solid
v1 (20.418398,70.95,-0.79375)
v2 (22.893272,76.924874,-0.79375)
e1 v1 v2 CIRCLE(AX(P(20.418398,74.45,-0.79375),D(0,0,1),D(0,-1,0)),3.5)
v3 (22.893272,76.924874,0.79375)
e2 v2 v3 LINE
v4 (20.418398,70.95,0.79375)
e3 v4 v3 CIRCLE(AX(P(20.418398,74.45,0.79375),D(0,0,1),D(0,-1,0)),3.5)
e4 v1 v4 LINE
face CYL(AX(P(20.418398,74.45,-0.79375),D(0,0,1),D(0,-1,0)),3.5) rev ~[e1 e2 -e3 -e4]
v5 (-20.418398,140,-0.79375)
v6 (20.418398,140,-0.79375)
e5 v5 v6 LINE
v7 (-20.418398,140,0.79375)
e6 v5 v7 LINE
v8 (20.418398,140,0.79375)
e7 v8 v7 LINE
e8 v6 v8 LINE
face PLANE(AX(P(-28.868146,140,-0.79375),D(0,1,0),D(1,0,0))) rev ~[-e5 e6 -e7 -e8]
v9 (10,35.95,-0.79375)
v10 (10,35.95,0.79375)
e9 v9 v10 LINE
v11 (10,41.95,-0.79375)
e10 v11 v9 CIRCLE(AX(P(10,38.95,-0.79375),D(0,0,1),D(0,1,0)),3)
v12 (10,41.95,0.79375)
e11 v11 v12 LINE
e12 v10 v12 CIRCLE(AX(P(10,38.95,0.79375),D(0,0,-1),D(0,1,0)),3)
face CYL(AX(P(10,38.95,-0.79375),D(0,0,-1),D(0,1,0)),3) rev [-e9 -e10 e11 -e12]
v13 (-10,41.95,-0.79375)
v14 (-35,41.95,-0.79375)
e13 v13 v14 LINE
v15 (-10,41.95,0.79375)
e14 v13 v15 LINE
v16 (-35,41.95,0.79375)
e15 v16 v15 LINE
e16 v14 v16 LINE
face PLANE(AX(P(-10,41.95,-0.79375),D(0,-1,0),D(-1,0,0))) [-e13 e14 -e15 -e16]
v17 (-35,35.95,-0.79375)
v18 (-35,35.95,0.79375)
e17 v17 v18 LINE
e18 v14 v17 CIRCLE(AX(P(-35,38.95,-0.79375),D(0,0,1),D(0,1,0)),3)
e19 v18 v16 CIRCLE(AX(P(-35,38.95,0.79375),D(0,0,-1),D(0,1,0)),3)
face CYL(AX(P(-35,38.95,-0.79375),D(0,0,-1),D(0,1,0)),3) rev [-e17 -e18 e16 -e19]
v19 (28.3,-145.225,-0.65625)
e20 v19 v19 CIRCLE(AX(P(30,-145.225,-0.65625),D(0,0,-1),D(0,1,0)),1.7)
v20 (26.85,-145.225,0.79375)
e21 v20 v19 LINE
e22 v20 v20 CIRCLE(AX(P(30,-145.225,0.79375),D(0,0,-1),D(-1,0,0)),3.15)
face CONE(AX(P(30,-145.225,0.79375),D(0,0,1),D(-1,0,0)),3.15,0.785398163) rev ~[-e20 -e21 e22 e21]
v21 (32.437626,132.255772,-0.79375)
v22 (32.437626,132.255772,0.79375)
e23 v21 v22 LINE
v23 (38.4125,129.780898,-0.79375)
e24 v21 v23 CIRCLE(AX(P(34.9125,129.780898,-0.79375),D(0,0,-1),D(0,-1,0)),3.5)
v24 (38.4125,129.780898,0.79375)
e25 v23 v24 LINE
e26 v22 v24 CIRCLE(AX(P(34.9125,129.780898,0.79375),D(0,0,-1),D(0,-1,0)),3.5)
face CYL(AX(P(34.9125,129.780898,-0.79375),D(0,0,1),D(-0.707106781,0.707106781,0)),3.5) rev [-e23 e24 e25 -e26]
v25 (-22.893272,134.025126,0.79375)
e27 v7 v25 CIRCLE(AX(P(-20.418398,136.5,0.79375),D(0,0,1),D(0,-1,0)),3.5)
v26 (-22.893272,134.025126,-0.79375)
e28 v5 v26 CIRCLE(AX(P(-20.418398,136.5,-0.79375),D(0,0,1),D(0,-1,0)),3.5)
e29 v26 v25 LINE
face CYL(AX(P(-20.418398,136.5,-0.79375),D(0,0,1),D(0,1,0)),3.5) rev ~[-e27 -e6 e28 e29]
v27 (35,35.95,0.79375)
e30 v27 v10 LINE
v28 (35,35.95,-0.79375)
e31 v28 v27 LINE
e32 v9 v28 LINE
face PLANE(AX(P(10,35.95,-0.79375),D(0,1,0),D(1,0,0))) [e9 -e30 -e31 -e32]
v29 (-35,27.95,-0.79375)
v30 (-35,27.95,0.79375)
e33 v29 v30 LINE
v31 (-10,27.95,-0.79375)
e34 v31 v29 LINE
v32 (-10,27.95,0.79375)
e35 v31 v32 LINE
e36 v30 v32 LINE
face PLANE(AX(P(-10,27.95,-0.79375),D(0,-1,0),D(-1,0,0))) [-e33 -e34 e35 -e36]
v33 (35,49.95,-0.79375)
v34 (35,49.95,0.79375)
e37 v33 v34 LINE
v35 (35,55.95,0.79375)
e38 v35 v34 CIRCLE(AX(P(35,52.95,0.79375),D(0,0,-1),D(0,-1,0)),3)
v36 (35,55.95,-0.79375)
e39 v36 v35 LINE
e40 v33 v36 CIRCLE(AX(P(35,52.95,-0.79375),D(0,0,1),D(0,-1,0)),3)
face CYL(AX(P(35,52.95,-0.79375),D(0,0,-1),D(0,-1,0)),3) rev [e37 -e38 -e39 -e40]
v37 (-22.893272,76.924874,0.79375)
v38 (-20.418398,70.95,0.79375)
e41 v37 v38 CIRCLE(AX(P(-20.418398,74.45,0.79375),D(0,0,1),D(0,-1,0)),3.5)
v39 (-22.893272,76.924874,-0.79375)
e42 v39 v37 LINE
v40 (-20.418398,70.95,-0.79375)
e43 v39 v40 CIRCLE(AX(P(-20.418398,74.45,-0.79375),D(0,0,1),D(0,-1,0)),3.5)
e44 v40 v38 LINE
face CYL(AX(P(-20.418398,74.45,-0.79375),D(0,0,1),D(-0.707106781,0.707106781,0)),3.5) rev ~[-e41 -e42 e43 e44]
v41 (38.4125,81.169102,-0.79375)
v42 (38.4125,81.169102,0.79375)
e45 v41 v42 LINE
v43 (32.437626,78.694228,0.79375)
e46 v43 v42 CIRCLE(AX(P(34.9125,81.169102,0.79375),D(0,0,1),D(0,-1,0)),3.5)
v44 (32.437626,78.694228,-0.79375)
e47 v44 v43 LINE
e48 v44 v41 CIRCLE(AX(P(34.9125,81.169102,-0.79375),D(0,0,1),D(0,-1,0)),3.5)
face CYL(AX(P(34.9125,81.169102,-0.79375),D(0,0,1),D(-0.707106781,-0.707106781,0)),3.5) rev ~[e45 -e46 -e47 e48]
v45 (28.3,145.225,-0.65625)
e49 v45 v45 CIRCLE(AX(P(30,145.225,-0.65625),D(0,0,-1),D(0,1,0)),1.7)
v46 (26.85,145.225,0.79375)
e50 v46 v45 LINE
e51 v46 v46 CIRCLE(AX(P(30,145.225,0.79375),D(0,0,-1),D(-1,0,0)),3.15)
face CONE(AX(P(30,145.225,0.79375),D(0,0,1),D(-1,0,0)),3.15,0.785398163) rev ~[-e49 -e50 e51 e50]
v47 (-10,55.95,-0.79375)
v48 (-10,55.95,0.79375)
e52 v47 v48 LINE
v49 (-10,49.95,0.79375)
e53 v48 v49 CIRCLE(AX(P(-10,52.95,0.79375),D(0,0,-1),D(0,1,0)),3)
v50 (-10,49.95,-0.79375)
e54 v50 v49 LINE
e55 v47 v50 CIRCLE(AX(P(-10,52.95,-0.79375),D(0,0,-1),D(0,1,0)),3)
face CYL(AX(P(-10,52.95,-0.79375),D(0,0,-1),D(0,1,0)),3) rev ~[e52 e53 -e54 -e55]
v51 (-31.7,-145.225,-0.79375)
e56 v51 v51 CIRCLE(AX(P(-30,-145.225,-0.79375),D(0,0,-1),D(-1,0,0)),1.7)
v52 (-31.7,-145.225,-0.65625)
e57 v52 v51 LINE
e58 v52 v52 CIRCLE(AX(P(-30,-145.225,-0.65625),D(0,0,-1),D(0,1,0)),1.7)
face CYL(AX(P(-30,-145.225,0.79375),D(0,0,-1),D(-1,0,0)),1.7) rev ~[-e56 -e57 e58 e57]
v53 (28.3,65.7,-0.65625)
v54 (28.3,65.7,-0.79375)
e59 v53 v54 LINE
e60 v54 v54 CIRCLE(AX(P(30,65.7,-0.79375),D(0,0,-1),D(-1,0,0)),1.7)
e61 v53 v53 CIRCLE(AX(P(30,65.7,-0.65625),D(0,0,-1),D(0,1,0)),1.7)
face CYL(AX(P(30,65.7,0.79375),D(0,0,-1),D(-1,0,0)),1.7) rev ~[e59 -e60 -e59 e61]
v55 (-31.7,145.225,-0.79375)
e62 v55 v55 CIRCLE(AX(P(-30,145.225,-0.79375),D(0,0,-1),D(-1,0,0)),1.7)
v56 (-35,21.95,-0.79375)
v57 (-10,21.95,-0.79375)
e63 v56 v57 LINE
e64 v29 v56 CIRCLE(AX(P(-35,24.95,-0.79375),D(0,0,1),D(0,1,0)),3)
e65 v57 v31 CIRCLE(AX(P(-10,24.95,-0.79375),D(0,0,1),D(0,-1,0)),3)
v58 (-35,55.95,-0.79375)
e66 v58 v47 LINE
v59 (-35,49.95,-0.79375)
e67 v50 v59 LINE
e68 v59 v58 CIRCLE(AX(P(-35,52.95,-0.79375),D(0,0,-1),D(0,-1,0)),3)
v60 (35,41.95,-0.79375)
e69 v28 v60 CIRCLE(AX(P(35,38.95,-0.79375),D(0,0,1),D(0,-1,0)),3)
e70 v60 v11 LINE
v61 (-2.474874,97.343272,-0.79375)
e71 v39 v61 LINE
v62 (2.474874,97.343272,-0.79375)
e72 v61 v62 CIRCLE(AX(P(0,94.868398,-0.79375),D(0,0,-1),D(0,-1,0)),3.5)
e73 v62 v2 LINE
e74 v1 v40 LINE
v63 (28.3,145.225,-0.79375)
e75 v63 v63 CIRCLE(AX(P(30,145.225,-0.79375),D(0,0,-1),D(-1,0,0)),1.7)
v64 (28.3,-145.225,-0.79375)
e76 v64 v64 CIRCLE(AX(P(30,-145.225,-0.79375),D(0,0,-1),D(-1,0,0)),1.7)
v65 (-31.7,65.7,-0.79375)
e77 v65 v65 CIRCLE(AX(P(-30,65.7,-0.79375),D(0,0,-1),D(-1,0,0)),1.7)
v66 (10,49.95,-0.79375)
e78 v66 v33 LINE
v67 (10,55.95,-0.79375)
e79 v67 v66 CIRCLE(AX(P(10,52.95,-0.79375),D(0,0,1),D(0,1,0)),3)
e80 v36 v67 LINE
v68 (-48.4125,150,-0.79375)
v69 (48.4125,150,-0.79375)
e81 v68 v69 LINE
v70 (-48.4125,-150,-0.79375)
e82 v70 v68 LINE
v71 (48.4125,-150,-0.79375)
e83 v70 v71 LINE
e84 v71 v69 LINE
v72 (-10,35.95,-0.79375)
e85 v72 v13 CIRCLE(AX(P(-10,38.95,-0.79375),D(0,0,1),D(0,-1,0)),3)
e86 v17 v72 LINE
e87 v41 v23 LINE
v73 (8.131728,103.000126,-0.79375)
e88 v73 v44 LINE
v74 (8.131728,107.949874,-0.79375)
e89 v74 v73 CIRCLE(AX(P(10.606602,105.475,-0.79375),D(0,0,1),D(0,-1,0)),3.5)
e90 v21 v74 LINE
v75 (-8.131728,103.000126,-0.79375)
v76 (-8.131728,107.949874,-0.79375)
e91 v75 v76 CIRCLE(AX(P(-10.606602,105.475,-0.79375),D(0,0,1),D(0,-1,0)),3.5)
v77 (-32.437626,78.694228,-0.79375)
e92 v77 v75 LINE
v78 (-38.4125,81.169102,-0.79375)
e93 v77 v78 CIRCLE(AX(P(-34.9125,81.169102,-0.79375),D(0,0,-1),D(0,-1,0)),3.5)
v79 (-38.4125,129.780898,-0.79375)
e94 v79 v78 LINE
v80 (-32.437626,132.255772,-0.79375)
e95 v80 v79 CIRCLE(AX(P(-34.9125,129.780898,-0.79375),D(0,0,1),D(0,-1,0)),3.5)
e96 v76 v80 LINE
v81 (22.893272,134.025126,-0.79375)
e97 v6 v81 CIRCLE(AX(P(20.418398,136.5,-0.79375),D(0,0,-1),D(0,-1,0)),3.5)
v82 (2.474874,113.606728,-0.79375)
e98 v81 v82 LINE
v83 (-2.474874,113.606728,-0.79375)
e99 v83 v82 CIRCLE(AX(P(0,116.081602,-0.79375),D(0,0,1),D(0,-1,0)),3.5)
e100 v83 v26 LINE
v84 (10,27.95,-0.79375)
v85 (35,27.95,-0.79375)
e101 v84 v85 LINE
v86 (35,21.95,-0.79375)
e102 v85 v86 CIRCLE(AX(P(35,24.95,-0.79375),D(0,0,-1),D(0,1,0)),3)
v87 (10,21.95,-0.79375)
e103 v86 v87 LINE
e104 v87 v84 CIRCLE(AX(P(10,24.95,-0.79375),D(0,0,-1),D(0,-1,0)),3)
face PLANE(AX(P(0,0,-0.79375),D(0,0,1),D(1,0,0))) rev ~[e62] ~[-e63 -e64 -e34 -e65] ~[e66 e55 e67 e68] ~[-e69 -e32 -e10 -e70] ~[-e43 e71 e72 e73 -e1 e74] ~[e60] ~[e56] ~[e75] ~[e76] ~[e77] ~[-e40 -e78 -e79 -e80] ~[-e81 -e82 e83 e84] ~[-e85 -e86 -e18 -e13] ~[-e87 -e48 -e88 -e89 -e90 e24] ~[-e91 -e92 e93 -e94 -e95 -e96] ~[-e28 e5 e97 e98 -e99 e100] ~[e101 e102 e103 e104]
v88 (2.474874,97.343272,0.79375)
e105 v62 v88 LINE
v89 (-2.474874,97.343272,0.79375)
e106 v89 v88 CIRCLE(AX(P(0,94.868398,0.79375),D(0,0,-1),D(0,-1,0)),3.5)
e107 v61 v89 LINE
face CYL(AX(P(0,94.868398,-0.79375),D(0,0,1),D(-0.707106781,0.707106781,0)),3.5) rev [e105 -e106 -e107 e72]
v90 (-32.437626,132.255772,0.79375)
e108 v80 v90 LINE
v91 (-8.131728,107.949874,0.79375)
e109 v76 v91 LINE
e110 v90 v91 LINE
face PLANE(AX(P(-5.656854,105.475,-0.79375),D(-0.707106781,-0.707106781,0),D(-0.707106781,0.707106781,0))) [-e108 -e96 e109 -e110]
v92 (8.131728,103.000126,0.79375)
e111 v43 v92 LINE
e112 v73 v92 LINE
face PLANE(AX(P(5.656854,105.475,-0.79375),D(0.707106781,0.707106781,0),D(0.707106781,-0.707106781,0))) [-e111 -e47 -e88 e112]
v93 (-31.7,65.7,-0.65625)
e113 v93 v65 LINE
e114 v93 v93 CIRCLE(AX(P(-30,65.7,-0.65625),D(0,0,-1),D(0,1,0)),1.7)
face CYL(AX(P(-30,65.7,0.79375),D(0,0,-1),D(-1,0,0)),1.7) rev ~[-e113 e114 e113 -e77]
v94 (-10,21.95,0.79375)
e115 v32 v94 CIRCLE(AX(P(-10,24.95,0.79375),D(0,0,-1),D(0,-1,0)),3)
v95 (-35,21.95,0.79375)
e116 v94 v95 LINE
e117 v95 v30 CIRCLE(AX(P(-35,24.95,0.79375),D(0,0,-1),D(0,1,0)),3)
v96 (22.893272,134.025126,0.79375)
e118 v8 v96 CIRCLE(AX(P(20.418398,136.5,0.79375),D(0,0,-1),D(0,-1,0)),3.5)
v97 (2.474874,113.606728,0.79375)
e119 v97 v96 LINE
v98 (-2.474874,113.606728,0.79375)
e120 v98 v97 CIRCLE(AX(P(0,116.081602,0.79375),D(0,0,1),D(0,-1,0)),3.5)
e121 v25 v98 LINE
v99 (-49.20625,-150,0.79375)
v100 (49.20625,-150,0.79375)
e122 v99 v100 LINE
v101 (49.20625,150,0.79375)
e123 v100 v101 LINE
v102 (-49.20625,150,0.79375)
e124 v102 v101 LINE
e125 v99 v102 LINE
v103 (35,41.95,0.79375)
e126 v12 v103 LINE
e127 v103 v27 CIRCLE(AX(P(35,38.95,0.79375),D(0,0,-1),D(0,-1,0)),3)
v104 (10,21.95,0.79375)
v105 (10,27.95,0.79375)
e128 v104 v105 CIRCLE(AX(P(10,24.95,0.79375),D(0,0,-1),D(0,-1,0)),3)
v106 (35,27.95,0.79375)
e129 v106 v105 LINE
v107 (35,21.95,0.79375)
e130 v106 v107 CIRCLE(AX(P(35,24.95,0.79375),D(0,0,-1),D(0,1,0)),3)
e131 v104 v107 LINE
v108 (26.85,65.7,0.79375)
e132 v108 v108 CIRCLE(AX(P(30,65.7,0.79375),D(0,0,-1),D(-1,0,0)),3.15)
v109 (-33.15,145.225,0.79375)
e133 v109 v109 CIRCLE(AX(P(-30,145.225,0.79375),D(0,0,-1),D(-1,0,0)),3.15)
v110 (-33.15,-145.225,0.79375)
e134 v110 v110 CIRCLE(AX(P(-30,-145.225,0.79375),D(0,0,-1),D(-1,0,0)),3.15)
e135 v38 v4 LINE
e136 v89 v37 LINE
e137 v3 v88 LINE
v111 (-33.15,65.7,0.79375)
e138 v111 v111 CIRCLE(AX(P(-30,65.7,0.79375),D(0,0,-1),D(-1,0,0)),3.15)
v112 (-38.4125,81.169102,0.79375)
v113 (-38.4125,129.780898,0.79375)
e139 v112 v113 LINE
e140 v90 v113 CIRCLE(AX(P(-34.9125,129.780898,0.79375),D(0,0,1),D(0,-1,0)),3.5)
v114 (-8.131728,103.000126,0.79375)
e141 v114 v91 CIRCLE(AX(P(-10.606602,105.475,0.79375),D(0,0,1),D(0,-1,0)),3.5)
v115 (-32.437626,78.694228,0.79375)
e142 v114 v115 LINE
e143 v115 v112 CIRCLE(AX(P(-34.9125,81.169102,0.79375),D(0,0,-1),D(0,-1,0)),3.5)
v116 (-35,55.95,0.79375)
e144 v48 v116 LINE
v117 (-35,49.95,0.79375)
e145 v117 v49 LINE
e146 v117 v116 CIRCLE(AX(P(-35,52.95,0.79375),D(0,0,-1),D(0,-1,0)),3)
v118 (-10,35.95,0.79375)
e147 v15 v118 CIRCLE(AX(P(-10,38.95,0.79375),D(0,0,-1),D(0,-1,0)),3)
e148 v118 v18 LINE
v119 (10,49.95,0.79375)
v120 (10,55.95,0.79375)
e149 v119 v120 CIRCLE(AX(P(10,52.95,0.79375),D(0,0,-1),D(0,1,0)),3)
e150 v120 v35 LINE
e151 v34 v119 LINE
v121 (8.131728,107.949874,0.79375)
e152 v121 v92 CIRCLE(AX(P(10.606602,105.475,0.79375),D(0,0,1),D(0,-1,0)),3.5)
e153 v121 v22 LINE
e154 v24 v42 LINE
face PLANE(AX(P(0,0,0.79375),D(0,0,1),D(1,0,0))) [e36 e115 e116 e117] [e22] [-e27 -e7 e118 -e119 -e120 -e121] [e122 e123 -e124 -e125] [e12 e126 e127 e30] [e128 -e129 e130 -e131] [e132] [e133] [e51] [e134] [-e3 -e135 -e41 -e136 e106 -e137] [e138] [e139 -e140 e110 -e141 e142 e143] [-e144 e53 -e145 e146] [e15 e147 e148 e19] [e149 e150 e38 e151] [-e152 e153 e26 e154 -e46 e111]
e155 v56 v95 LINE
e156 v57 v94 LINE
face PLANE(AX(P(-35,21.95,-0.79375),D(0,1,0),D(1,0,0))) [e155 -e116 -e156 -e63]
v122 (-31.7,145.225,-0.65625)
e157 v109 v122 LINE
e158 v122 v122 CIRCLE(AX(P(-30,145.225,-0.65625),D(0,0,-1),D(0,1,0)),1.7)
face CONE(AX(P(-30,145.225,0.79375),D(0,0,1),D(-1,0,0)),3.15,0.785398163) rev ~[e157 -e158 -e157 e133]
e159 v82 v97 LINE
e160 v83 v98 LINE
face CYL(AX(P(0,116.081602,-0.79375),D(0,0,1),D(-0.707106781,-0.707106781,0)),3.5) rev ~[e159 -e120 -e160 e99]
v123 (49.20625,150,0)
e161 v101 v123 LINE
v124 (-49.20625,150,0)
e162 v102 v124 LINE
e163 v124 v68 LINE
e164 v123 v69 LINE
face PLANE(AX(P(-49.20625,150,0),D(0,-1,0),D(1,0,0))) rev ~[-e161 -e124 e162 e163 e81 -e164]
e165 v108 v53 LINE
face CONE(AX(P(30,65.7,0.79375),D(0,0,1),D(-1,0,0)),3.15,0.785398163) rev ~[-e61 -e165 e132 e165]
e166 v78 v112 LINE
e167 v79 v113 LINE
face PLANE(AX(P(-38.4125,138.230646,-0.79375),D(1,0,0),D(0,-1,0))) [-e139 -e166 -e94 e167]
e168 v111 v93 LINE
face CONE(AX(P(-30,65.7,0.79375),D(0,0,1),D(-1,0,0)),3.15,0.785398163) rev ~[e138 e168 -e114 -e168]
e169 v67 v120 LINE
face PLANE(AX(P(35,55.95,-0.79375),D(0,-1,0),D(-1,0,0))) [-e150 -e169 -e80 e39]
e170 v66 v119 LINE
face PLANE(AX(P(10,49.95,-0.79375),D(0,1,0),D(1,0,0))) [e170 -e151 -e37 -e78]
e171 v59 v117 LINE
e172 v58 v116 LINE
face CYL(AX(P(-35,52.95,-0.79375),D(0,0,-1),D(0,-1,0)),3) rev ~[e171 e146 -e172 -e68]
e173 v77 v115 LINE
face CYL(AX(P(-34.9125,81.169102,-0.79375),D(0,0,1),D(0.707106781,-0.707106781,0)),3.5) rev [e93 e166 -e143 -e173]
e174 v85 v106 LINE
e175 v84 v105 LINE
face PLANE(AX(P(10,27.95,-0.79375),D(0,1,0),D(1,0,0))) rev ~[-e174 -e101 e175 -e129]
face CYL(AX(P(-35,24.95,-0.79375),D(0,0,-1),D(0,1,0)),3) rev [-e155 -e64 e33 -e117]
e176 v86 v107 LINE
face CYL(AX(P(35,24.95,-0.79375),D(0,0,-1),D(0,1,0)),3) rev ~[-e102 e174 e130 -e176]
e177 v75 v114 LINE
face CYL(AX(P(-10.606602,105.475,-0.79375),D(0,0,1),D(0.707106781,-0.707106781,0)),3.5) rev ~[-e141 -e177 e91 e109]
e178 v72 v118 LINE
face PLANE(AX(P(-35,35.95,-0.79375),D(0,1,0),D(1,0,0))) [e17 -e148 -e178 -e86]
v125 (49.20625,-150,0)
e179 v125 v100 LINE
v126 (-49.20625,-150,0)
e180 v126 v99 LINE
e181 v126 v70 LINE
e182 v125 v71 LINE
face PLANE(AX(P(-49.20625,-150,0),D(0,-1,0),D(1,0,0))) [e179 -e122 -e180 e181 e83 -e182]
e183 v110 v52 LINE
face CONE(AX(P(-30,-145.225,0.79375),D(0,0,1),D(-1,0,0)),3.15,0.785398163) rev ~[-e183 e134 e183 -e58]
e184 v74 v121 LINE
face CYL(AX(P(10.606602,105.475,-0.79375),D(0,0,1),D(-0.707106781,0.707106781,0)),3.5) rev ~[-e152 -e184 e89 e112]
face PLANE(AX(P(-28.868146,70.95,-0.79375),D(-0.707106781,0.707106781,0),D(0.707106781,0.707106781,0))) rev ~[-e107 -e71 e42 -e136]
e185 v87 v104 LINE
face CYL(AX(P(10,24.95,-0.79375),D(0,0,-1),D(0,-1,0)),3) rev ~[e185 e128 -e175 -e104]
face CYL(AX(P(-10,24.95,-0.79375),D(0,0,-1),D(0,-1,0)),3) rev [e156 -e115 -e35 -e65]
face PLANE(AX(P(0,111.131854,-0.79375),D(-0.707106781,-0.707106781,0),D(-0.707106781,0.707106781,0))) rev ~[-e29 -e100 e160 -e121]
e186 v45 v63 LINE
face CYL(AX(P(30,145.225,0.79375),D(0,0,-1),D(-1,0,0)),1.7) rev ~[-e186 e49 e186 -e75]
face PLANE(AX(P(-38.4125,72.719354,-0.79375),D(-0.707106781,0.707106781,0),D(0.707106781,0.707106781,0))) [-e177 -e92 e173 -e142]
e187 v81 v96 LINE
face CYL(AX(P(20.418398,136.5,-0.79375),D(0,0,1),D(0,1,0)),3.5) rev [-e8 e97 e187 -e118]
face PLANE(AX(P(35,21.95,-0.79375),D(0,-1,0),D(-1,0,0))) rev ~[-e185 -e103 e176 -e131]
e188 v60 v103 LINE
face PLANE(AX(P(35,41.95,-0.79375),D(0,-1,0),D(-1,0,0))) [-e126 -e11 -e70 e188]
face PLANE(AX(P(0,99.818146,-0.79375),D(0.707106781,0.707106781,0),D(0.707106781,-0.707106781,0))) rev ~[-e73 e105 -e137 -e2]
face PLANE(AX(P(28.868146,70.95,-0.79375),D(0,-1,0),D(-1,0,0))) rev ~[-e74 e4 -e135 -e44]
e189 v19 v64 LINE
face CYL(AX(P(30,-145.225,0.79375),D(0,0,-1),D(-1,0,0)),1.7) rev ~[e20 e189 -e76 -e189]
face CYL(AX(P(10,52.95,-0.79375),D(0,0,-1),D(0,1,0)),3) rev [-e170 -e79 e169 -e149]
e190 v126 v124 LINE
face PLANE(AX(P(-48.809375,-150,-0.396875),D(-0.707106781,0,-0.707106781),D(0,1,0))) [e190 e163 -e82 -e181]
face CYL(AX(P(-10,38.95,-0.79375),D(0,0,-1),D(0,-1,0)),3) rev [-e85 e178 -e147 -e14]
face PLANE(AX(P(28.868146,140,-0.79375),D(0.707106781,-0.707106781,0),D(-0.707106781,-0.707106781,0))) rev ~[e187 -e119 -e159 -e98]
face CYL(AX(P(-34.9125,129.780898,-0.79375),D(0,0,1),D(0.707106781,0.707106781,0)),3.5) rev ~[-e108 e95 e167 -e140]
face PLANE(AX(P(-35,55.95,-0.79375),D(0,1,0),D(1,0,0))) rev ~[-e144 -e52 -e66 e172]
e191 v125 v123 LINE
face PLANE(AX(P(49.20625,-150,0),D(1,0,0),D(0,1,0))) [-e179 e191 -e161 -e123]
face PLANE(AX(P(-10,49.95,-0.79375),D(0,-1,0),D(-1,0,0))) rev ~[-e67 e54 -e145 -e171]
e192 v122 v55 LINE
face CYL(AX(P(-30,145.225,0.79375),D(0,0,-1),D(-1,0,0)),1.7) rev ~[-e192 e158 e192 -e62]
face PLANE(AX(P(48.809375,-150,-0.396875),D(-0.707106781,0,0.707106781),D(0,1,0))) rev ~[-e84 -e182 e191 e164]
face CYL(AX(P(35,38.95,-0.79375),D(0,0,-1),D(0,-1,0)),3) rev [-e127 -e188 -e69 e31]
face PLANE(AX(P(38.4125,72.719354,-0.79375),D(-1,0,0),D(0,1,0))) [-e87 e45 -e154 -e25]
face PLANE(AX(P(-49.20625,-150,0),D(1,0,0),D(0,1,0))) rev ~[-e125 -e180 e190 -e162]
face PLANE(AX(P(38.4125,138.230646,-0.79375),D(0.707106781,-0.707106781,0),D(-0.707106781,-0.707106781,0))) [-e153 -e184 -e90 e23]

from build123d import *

# Parameters (mm, degrees)
SKETCH1_W                                       = 98.4125
SKETCH1_H                                       = 300
BOSS_EXTRUDE1_DEPTH                             = 0.79375
CHAMFER1_SIZE                                   = 0.79375
CUT_EXTRUDE1_DEPTH                              = 2.5875
FILLET1_R                                       = 3.5
CSK_FOR_M3_FLAT_HEAD_MACHINE_SCREW1_D           = 3.4
CSK_FOR_M3_FLAT_HEAD_MACHINE_SCREW1_DEPTH       = 7.596
CSK_FOR_M3_FLAT_HEAD_MACHINE_SCREW1_CSINK_D     = 6.3
CSK_FOR_M3_FLAT_HEAD_MACHINE_SCREW1_CSINK_ANGLE = 90
CSK_FOR_M3_FLAT_HEAD_MACHINE_SCREW1_TIP         = 1.021463052


with BuildPart() as part:
    # Sketch1 → Boss-Extrude1 (new body, symmetric)
    with BuildSketch(Plane.XY):
        Rectangle(SKETCH1_W, SKETCH1_H)
    extrude(amount=BOSS_EXTRUDE1_DEPTH, both=True)

    # Chamfer1
    chamfer1_edges = [part.edges().sort_by_distance(p)[0] for p in [
        (49.20625, 0, -0.79375),
        (-49.20625, 0, -0.79375),
    ]]
    chamfer(chamfer1_edges, length=CHAMFER1_SIZE)

    # Sketch2 → Cut-Extrude1 (cut, through all)
    with BuildSketch(Plane(origin=(0, 0, -0.79375), x_dir=(-1, 0, 0), z_dir=(0, 0, -1))):
        Polygon((28.868145751, 70.95), (0, 99.818145751), (-28.868145751, 70.95), align=None)
        Polygon((-38.4125, 72.719354249), (-38.4125, 138.230645751), (-5.656854249, 105.475), align=None)
        Polygon((28.868145751, 140), (-28.868145751, 140), (0, 111.131854249), align=None)
        Polygon((38.4125, 138.230645751), (38.4125, 72.719354249), (5.656854249, 105.475), align=None)
        with BuildLine():
            Line((10, 49.95), (35, 49.95))
            ThreePointArc((35, 49.95), (38, 52.95), (35, 55.95))
            Line((35, 55.95), (10, 55.95))
            ThreePointArc((10, 55.95), (7, 52.95), (10, 49.95))
        make_face()
        with BuildLine():
            Line((-35, 21.95), (-10, 21.95))
            ThreePointArc((-10, 21.95), (-7, 24.95), (-10, 27.95))
            Line((-10, 27.95), (-35, 27.95))
            ThreePointArc((-35, 27.95), (-38, 24.95), (-35, 21.95))
        make_face()
        with BuildLine():
            Line((-35, 55.95), (-10, 55.95))
            ThreePointArc((-10, 55.95), (-7, 52.95), (-10, 49.95))
            Line((-10, 49.95), (-35, 49.95))
            ThreePointArc((-35, 49.95), (-38, 52.95), (-35, 55.95))
        make_face()
        with BuildLine():
            Line((-35, 41.95), (-10, 41.95))
            ThreePointArc((-10, 41.95), (-7, 38.95), (-10, 35.95))
            Line((-10, 35.95), (-35, 35.95))
            ThreePointArc((-35, 35.95), (-38, 38.95), (-35, 41.95))
        make_face()
        with BuildLine():
            Line((10, 41.95), (35, 41.95))
            ThreePointArc((35, 41.95), (38, 38.95), (35, 35.95))
            Line((35, 35.95), (10, 35.95))
            ThreePointArc((10, 35.95), (7, 38.95), (10, 41.95))
        make_face()
        with BuildLine():
            Line((10, 27.95), (35, 27.95))
            ThreePointArc((35, 27.95), (38, 24.95), (35, 21.95))
            Line((35, 21.95), (10, 21.95))
            ThreePointArc((10, 21.95), (7, 24.95), (10, 27.95))
        make_face()
    extrude(amount=-CUT_EXTRUDE1_DEPTH, mode=Mode.SUBTRACT)

    # Fillet1
    fillet1_edges = [part.edges().sort_by_distance(p)[0] for p in [
        (38.4125, 72.719354249, 0),
        (38.4125, 138.230645751, 0),
        (5.656854249, 105.475, 0),
        (-38.4125, 138.230645751, 0),
        (-38.4125, 72.719354249, 0),
        (-5.656854249, 105.475, 0),
        (0, 99.818145751, 0),
        (-28.868145751, 70.95, 0),
        (28.868145751, 70.95, 0),
        (28.868145751, 140, 0),
        (-28.868145751, 140, 0),
        (0, 111.131854249, 0),
    ]]
    fillet(fillet1_edges, radius=FILLET1_R)

    # CSK for M3 Flat Head Machine Screw1
    with Locations(Plane.XY.offset(0.79375)):
        with Locations((-30, -145.225), (30, -145.225), (-30, 65.7), (30, 65.7), (30, 145.225), (-30, 145.225)):
            CounterSinkHole(CSK_FOR_M3_FLAT_HEAD_MACHINE_SCREW1_D / 2, CSK_FOR_M3_FLAT_HEAD_MACHINE_SCREW1_CSINK_D / 2, depth=CSK_FOR_M3_FLAT_HEAD_MACHINE_SCREW1_DEPTH, counter_sink_angle=CSK_FOR_M3_FLAT_HEAD_MACHINE_SCREW1_CSINK_ANGLE)
            with Locations((0, 0, -(CSK_FOR_M3_FLAT_HEAD_MACHINE_SCREW1_DEPTH + CSK_FOR_M3_FLAT_HEAD_MACHINE_SCREW1_TIP / 2))):  # 118° drill point
                Cone(0, CSK_FOR_M3_FLAT_HEAD_MACHINE_SCREW1_D / 2, CSK_FOR_M3_FLAT_HEAD_MACHINE_SCREW1_TIP, mode=Mode.SUBTRACT)


solid = part.part
